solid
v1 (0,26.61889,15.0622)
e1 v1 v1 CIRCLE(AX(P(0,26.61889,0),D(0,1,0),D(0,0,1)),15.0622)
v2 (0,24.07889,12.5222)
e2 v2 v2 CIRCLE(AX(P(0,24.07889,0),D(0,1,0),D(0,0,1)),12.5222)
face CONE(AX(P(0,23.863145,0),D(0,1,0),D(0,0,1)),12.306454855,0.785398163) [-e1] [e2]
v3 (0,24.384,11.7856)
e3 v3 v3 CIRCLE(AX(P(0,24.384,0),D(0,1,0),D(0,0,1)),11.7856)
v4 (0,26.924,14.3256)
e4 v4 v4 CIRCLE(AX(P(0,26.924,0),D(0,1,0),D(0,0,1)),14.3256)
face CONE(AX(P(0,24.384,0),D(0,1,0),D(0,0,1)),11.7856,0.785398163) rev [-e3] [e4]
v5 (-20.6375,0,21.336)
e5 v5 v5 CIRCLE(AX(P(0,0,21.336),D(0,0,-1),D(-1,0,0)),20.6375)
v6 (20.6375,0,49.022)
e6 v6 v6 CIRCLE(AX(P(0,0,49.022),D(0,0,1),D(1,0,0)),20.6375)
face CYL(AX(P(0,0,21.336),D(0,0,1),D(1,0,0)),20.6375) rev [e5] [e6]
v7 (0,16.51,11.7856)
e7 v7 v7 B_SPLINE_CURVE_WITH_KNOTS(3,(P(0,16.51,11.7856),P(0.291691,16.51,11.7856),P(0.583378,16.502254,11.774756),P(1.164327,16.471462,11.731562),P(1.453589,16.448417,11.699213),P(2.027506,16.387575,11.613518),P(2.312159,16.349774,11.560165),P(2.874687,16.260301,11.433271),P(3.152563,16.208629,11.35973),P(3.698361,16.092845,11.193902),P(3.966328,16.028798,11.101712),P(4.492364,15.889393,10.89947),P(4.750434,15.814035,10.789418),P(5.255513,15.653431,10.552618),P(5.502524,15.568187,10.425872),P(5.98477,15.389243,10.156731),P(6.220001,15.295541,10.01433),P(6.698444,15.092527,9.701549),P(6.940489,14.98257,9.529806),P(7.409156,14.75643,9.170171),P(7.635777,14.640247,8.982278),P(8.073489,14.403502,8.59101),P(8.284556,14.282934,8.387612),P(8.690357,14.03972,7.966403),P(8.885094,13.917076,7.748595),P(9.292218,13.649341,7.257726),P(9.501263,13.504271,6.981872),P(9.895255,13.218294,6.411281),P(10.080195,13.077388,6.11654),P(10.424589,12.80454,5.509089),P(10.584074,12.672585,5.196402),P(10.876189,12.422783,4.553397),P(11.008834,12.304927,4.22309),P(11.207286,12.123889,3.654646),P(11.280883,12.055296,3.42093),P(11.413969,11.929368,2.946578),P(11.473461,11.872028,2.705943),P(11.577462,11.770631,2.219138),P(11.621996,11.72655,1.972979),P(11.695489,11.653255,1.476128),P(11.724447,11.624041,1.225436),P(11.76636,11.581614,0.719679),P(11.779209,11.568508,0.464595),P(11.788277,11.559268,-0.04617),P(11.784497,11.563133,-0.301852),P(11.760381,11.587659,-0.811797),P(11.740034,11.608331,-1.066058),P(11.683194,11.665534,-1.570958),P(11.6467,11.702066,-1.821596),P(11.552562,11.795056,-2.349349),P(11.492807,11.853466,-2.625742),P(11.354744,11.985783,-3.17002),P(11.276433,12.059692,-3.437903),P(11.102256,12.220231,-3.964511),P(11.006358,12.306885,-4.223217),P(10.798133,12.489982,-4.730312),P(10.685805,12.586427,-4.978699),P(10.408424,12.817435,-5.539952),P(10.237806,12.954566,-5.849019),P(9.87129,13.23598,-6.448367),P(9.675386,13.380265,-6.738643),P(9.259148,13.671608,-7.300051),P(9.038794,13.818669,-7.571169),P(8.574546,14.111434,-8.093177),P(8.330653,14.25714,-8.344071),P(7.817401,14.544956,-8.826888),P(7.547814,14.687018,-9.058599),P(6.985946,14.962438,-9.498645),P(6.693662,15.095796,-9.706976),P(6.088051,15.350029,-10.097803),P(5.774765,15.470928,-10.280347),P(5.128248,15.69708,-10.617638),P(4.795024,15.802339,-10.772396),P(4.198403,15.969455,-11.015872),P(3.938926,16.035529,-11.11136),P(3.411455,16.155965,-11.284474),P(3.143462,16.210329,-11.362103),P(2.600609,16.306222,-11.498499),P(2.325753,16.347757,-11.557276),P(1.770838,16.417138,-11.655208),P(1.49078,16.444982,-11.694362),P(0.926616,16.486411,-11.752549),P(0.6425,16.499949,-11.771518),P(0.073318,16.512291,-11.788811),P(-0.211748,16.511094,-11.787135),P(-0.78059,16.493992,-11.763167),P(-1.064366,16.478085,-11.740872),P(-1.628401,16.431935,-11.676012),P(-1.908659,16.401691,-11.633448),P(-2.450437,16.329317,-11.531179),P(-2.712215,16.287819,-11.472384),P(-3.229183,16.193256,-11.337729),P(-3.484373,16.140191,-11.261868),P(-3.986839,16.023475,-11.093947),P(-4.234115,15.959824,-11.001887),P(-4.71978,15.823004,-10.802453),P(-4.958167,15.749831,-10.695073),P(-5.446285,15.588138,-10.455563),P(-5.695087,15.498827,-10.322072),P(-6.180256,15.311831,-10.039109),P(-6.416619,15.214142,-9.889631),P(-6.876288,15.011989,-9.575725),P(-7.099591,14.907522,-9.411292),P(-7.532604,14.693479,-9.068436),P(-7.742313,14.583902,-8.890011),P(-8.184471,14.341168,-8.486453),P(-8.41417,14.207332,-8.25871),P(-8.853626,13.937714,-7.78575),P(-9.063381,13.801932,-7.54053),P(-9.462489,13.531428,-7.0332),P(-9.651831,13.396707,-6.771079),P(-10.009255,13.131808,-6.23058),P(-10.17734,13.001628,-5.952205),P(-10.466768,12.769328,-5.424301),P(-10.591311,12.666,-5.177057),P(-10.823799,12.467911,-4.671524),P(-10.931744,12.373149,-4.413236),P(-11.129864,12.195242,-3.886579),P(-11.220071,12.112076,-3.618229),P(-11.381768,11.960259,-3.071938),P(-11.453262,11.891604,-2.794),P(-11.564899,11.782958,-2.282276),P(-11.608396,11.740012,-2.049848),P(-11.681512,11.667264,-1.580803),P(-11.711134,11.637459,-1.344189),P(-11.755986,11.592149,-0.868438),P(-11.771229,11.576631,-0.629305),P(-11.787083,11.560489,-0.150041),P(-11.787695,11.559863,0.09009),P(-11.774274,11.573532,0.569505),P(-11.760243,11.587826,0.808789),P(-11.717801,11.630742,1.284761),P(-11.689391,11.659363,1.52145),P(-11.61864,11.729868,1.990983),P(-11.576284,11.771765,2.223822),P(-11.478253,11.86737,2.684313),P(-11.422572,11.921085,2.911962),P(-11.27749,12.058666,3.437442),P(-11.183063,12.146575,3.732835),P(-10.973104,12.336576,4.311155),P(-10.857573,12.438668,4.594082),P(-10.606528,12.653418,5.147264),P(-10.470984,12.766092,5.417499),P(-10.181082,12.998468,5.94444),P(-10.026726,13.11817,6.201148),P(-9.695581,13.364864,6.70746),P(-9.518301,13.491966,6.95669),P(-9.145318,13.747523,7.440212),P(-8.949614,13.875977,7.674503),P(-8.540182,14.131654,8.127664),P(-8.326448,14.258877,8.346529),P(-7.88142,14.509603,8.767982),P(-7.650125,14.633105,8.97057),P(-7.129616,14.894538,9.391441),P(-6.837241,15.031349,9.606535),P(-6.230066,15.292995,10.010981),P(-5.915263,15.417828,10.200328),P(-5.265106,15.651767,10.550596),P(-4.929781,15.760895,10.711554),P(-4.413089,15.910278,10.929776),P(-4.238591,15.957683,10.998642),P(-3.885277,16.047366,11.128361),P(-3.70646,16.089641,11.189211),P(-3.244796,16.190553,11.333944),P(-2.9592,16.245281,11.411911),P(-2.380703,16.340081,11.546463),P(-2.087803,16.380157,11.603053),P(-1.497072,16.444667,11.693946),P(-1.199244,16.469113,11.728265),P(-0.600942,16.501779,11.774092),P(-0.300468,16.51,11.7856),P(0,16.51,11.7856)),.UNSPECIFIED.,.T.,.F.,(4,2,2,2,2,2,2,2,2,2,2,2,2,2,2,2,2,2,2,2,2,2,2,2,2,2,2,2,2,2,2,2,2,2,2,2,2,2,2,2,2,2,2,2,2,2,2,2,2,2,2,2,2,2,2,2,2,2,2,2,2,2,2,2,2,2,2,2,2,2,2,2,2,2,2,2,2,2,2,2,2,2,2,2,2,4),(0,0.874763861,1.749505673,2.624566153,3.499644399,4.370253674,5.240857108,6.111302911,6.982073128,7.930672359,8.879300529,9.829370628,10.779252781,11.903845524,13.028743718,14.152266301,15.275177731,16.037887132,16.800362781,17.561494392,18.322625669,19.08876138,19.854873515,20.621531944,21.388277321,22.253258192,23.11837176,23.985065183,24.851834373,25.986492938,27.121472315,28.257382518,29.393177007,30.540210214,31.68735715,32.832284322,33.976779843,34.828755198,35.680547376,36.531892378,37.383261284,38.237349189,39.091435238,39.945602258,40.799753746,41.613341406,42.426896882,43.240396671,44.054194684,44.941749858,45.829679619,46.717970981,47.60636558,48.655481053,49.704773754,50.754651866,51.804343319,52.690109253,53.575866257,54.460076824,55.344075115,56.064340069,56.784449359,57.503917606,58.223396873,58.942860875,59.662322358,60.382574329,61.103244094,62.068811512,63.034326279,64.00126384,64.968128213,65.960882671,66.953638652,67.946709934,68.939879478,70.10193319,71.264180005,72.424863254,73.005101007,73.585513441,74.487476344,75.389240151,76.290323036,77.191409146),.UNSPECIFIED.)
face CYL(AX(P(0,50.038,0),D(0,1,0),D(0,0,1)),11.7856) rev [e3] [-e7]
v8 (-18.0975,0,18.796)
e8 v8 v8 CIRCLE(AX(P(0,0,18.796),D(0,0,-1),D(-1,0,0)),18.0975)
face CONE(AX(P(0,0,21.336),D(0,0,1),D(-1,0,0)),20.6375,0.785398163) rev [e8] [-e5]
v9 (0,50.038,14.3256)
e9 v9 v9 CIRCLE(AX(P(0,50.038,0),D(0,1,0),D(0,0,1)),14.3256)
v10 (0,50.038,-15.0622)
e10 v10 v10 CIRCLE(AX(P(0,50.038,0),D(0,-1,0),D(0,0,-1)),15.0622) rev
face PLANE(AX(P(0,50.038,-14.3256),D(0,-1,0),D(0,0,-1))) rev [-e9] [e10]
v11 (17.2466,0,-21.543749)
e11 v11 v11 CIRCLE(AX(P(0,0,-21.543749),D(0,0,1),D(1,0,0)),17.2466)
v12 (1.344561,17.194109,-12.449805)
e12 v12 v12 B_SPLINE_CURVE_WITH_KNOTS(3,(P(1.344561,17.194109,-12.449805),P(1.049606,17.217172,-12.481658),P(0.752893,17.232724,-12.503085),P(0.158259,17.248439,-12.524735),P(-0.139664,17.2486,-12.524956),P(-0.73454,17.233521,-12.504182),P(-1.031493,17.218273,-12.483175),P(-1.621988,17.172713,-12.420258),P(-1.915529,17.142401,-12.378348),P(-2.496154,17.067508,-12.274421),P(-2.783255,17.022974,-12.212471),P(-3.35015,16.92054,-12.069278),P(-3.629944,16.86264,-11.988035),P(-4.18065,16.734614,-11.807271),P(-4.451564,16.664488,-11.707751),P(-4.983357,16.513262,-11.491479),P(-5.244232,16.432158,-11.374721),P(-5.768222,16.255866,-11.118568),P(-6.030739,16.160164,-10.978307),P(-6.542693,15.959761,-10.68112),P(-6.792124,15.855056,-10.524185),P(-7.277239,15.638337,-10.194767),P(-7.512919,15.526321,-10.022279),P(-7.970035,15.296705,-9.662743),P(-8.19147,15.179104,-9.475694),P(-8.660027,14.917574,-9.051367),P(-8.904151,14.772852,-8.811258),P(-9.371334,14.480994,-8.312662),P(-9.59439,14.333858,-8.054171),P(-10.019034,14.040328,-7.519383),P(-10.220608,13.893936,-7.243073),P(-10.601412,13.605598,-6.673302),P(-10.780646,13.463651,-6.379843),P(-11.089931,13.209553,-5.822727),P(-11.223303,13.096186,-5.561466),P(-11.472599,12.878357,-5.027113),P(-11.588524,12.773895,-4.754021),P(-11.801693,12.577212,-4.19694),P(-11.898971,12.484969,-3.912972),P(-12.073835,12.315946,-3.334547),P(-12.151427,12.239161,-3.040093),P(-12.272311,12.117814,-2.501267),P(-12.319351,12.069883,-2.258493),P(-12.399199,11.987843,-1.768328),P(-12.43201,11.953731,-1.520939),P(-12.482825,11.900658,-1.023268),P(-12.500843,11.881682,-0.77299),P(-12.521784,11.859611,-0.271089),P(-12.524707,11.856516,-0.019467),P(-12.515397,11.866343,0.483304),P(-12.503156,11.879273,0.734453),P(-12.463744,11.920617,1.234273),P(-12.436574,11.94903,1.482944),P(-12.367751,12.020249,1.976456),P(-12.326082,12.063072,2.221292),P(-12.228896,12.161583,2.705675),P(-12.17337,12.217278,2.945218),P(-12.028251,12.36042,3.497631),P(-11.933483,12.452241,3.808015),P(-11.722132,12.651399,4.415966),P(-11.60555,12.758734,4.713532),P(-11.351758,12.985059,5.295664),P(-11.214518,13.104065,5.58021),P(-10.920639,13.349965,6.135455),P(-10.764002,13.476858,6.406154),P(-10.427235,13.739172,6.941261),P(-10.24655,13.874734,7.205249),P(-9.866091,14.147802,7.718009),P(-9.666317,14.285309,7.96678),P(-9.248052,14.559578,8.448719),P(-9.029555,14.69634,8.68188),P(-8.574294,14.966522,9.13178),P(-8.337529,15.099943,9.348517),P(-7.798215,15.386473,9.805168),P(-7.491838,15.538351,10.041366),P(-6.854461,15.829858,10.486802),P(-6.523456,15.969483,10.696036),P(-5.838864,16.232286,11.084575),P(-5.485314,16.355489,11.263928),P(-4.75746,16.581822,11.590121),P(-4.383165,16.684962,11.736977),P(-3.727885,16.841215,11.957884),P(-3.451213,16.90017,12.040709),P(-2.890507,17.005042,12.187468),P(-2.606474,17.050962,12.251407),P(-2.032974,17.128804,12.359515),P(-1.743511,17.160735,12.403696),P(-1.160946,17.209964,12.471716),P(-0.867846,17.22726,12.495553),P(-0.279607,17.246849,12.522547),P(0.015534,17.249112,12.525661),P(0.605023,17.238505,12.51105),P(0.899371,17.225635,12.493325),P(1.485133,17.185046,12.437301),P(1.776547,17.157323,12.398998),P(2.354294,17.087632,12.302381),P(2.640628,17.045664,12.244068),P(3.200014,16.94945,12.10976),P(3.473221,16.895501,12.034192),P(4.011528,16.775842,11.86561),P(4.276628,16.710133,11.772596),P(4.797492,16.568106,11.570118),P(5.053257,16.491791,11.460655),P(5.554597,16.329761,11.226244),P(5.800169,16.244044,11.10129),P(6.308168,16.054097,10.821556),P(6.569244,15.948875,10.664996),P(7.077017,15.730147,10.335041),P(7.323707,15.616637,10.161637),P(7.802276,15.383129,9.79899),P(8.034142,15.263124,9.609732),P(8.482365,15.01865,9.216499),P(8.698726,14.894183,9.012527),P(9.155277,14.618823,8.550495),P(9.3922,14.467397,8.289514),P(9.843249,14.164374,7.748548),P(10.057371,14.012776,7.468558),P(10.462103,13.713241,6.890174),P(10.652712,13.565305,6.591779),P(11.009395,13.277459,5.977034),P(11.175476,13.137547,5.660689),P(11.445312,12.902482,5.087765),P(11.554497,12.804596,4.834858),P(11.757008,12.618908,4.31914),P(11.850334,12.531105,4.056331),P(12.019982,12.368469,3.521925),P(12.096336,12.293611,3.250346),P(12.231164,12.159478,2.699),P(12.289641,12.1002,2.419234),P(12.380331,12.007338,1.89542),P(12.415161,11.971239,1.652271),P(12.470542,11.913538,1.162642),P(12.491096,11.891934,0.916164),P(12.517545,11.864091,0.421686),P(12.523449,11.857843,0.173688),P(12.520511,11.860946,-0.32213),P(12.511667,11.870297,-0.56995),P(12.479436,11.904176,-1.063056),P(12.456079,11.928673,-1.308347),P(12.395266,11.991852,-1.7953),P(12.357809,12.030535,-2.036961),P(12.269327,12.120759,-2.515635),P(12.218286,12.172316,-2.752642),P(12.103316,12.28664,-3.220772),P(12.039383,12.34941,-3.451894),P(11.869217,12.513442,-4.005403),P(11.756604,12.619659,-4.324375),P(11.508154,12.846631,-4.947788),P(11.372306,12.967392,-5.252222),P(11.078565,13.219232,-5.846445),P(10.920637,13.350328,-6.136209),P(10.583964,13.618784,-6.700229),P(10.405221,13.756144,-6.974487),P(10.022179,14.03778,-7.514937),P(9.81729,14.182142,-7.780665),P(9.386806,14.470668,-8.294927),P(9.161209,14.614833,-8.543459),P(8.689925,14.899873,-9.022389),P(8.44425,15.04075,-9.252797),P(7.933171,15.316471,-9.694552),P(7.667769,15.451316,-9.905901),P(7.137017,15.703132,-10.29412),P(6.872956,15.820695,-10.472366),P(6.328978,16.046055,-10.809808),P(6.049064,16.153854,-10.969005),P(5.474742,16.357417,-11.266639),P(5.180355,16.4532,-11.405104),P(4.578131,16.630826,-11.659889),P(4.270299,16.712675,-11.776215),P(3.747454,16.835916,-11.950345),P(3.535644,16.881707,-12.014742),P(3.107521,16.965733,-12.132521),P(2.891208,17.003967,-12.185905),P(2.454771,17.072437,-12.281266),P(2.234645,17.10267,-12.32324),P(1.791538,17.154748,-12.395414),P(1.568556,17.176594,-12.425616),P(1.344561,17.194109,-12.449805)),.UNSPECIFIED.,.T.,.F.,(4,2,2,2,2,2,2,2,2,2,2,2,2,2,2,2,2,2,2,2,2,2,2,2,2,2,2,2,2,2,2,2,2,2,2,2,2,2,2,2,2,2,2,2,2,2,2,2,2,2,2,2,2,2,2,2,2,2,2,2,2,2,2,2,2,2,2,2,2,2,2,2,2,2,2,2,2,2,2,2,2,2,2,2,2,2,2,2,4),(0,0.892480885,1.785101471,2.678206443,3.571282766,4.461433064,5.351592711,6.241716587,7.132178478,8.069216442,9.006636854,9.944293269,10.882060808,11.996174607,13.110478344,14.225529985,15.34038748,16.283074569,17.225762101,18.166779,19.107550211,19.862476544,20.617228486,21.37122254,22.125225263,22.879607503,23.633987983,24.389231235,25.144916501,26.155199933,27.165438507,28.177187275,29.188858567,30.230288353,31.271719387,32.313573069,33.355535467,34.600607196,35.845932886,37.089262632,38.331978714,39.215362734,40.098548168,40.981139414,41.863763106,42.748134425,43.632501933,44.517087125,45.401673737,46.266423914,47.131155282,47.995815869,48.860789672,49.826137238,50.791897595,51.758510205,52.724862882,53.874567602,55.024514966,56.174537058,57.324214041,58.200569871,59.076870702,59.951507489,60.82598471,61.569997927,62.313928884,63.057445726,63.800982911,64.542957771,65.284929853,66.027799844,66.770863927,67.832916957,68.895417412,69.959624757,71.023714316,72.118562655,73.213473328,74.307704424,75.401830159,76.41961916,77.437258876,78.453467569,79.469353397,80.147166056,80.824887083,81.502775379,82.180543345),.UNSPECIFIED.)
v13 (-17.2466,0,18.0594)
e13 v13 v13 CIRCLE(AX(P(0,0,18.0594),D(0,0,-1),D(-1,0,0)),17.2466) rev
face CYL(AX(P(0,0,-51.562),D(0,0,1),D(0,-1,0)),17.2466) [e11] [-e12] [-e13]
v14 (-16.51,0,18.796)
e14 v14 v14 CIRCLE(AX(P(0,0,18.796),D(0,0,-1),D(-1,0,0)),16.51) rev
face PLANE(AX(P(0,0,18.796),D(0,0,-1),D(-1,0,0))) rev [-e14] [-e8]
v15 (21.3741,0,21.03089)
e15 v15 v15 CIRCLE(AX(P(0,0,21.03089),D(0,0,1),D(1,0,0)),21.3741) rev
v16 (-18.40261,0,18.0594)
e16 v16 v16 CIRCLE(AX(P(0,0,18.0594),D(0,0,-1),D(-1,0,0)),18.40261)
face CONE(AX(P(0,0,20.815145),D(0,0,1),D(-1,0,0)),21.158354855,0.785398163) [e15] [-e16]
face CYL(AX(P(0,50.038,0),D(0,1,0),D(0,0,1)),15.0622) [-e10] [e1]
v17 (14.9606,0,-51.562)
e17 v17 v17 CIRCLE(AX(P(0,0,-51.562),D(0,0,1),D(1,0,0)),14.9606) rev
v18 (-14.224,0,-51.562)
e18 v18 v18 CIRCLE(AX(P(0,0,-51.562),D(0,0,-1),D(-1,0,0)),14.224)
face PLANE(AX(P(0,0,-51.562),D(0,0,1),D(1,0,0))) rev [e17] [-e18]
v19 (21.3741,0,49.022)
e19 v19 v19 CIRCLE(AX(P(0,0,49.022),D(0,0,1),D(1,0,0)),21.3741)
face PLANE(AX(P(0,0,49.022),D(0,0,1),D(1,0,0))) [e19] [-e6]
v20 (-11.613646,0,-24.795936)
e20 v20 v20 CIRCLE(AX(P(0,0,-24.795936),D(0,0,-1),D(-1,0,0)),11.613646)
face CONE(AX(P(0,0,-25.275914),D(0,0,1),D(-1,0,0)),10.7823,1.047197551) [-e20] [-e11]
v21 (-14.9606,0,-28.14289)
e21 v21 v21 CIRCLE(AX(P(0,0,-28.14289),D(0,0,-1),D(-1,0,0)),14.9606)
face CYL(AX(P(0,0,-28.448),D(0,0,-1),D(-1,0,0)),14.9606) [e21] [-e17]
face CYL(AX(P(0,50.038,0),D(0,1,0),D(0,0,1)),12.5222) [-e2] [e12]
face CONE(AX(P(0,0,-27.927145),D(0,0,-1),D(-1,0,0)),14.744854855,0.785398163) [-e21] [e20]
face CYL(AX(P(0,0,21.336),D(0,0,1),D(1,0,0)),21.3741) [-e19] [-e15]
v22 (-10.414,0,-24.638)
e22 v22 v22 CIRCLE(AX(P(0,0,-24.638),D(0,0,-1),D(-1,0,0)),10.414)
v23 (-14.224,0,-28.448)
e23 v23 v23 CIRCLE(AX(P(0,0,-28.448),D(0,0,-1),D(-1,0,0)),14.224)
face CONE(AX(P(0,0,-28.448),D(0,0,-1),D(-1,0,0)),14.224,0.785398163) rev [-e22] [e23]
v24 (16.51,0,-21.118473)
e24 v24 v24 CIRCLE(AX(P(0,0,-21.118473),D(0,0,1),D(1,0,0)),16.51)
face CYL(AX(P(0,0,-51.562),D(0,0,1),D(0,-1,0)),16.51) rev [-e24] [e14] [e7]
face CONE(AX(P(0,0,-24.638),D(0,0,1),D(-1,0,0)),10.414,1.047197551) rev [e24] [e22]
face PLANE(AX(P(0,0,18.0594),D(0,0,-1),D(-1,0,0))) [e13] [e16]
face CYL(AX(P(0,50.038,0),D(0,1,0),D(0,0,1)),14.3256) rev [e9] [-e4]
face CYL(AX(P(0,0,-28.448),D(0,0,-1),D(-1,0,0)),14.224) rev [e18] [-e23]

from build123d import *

# Parameters (mm, degrees)
SKETCH2_R          = 16.51
SKETCH3_R          = 20.6375
EXTRUDE1_DEPTH     = 27.686
SKETCH4_R          = 20.6375
EXTRUDE2_DEPTH     = 2.54
EXTRUDE2_TAPER     = 45
SKETCH9_R          = 16.51
SKETCH9_R_2        = 14.224
CUT_EXTRUDE4_DEPTH = 23.114
SKETCH10_R         = 16.51
SKETCH10_R_2       = 14.224
CUT_EXTRUDE5_DEPTH = 3.81
CUT_EXTRUDE5_DRAFT = 45
SKETCH11_OUTSIDE_W = 79.734
SKETCH11_OUTSIDE_H = 79.734
SKETCH11_OUTSIDE_R = 10.414
CUT_EXTRUDE6_DEPTH = 3.81
CUT_EXTRUDE6_DRAFT = -60
SHELL3_T           = 0.7366


with BuildPart() as part:
    # Sweep1: sweep along a path in Sketch1
    with BuildLine(Plane(origin=(0, 0, 0), x_dir=(0, 0, -1), z_dir=(1, 0, 0))) as sweep1_path:
        Line((51.562, 0), (-49.022, 0))
    # Sketch2 → Sweep1 (sweep)
    with BuildSketch(Plane.XY.offset(49.022)):
        Circle(SKETCH2_R)
    sweep(path=sweep1_path.line)

    # Sketch3 → Extrude1 (add)
    with BuildSketch(Plane.XY.offset(49.022)):
        Circle(SKETCH3_R)
    extrude(amount=-EXTRUDE1_DEPTH)

    # Sketch4 → Extrude2 (add)
    with BuildSketch(Plane(origin=(0, 0, 21.336), x_dir=(-1, 0, 0), z_dir=(0, 0, -1))):
        with Locations(Location((0, 0, 0), (0, 0, 180))):
            Circle(SKETCH4_R)
    extrude(amount=EXTRUDE2_DEPTH, taper=EXTRUDE2_TAPER)

    # Sketch9 → Cut-Extrude4 (cut)
    with BuildSketch(Plane(origin=(0, 0, -51.562), x_dir=(-1, 0, 0), z_dir=(0, 0, -1))):
        Circle(SKETCH9_R)
        Circle(SKETCH9_R_2, mode=Mode.SUBTRACT)
    extrude(amount=-CUT_EXTRUDE4_DEPTH, mode=Mode.SUBTRACT)


with BuildPart() as cut_extrude5_tool:
    # Sketch10 → Cut-Extrude5 (with draft: the straight prism first)
    with BuildSketch(Plane(origin=(0, 0, -28.448), x_dir=(-1, 0, 0), z_dir=(0, 0, -1))):
        Circle(SKETCH10_R)
        Circle(SKETCH10_R_2, mode=Mode.SUBTRACT)
    extrude(amount=-CUT_EXTRUDE5_DEPTH)
    # Cut-Extrude5: the draft: its side faces are tilted about the plane it starts from
    cut_extrude5_sides = [cut_extrude5_tool.faces().sort_by_distance(p)[0] for p in [
        (16.51, 0, -26.543),
        (14.224, 0, -26.543),
    ]]
    draft(cut_extrude5_sides, Plane(origin=(0, 0, -28.448), x_dir=(-1, 0, 0), z_dir=(0, 0, -1)), CUT_EXTRUDE5_DRAFT)


with BuildPart() as part_1:
    add(part.part)

    # Cut-Extrude5: cut by cut_extrude5_tool
    add(cut_extrude5_tool.part, mode=Mode.SUBTRACT)


with BuildPart() as cut_extrude6_tool:
    # Sketch11 outside → Cut-Extrude6 (with draft: the straight prism first)
    with BuildSketch(Plane(origin=(0, 0, -24.638), x_dir=(-1, 0, 0), z_dir=(0, 0, -1))):
        Rectangle(SKETCH11_OUTSIDE_W, SKETCH11_OUTSIDE_H)
        Circle(SKETCH11_OUTSIDE_R, mode=Mode.SUBTRACT)
    extrude(amount=-CUT_EXTRUDE6_DEPTH)
    # Cut-Extrude6: the draft: its side faces are tilted about the plane it starts from
    cut_extrude6_sides = [cut_extrude6_tool.faces().sort_by_distance(p)[0] for p in [
        (0, -39.867, -22.733),
        (-39.867, 0, -22.733),
        (0, 39.867, -22.733),
        (39.867, 0, -22.733),
        (10.414, 0, -22.733),
    ]]
    draft(cut_extrude6_sides, Plane(origin=(0, 0, -24.638), x_dir=(-1, 0, 0), z_dir=(0, 0, -1)), CUT_EXTRUDE6_DRAFT)


with BuildPart() as part_2:
    add(part_1.part)

    # Cut-Extrude6: cut by cut_extrude6_tool
    add(cut_extrude6_tool.part, mode=Mode.SUBTRACT)


with BuildPart() as body_2:
    # Sketch5 → Revolve1 (revolve)
    with BuildSketch(Plane(origin=(0, 0, 0), x_dir=(0, 0, -1), z_dir=(1, 0, 0)), mode=Mode.PRIVATE) as revolve1_sk:
        Polygon((11.7856, 24.384), (14.3256, 26.924), (14.3256, 50.038), (0, 50.038), (0, 0), (11.7856, 0), align=None)
    revolve(revolve1_sk.sketch.rotate(Axis((0, 50.038, 0), (0, -1, 0)), 180), axis=Axis((0, 50.038, 0), (0, -1, 0)))

    # Combine1: union part
    add(part_2.part)

    # Shell3
    shell3_openings = [body_2.faces().sort_by_distance(p)[0] for p in [
        (0, 0, -51.562),
        (0, 0, 49.022),
        (0, 50.038, 0),
    ]]
    offset(amount=SHELL3_T, openings=shell3_openings, kind=Kind.INTERSECTION)


solid = body_2.part
